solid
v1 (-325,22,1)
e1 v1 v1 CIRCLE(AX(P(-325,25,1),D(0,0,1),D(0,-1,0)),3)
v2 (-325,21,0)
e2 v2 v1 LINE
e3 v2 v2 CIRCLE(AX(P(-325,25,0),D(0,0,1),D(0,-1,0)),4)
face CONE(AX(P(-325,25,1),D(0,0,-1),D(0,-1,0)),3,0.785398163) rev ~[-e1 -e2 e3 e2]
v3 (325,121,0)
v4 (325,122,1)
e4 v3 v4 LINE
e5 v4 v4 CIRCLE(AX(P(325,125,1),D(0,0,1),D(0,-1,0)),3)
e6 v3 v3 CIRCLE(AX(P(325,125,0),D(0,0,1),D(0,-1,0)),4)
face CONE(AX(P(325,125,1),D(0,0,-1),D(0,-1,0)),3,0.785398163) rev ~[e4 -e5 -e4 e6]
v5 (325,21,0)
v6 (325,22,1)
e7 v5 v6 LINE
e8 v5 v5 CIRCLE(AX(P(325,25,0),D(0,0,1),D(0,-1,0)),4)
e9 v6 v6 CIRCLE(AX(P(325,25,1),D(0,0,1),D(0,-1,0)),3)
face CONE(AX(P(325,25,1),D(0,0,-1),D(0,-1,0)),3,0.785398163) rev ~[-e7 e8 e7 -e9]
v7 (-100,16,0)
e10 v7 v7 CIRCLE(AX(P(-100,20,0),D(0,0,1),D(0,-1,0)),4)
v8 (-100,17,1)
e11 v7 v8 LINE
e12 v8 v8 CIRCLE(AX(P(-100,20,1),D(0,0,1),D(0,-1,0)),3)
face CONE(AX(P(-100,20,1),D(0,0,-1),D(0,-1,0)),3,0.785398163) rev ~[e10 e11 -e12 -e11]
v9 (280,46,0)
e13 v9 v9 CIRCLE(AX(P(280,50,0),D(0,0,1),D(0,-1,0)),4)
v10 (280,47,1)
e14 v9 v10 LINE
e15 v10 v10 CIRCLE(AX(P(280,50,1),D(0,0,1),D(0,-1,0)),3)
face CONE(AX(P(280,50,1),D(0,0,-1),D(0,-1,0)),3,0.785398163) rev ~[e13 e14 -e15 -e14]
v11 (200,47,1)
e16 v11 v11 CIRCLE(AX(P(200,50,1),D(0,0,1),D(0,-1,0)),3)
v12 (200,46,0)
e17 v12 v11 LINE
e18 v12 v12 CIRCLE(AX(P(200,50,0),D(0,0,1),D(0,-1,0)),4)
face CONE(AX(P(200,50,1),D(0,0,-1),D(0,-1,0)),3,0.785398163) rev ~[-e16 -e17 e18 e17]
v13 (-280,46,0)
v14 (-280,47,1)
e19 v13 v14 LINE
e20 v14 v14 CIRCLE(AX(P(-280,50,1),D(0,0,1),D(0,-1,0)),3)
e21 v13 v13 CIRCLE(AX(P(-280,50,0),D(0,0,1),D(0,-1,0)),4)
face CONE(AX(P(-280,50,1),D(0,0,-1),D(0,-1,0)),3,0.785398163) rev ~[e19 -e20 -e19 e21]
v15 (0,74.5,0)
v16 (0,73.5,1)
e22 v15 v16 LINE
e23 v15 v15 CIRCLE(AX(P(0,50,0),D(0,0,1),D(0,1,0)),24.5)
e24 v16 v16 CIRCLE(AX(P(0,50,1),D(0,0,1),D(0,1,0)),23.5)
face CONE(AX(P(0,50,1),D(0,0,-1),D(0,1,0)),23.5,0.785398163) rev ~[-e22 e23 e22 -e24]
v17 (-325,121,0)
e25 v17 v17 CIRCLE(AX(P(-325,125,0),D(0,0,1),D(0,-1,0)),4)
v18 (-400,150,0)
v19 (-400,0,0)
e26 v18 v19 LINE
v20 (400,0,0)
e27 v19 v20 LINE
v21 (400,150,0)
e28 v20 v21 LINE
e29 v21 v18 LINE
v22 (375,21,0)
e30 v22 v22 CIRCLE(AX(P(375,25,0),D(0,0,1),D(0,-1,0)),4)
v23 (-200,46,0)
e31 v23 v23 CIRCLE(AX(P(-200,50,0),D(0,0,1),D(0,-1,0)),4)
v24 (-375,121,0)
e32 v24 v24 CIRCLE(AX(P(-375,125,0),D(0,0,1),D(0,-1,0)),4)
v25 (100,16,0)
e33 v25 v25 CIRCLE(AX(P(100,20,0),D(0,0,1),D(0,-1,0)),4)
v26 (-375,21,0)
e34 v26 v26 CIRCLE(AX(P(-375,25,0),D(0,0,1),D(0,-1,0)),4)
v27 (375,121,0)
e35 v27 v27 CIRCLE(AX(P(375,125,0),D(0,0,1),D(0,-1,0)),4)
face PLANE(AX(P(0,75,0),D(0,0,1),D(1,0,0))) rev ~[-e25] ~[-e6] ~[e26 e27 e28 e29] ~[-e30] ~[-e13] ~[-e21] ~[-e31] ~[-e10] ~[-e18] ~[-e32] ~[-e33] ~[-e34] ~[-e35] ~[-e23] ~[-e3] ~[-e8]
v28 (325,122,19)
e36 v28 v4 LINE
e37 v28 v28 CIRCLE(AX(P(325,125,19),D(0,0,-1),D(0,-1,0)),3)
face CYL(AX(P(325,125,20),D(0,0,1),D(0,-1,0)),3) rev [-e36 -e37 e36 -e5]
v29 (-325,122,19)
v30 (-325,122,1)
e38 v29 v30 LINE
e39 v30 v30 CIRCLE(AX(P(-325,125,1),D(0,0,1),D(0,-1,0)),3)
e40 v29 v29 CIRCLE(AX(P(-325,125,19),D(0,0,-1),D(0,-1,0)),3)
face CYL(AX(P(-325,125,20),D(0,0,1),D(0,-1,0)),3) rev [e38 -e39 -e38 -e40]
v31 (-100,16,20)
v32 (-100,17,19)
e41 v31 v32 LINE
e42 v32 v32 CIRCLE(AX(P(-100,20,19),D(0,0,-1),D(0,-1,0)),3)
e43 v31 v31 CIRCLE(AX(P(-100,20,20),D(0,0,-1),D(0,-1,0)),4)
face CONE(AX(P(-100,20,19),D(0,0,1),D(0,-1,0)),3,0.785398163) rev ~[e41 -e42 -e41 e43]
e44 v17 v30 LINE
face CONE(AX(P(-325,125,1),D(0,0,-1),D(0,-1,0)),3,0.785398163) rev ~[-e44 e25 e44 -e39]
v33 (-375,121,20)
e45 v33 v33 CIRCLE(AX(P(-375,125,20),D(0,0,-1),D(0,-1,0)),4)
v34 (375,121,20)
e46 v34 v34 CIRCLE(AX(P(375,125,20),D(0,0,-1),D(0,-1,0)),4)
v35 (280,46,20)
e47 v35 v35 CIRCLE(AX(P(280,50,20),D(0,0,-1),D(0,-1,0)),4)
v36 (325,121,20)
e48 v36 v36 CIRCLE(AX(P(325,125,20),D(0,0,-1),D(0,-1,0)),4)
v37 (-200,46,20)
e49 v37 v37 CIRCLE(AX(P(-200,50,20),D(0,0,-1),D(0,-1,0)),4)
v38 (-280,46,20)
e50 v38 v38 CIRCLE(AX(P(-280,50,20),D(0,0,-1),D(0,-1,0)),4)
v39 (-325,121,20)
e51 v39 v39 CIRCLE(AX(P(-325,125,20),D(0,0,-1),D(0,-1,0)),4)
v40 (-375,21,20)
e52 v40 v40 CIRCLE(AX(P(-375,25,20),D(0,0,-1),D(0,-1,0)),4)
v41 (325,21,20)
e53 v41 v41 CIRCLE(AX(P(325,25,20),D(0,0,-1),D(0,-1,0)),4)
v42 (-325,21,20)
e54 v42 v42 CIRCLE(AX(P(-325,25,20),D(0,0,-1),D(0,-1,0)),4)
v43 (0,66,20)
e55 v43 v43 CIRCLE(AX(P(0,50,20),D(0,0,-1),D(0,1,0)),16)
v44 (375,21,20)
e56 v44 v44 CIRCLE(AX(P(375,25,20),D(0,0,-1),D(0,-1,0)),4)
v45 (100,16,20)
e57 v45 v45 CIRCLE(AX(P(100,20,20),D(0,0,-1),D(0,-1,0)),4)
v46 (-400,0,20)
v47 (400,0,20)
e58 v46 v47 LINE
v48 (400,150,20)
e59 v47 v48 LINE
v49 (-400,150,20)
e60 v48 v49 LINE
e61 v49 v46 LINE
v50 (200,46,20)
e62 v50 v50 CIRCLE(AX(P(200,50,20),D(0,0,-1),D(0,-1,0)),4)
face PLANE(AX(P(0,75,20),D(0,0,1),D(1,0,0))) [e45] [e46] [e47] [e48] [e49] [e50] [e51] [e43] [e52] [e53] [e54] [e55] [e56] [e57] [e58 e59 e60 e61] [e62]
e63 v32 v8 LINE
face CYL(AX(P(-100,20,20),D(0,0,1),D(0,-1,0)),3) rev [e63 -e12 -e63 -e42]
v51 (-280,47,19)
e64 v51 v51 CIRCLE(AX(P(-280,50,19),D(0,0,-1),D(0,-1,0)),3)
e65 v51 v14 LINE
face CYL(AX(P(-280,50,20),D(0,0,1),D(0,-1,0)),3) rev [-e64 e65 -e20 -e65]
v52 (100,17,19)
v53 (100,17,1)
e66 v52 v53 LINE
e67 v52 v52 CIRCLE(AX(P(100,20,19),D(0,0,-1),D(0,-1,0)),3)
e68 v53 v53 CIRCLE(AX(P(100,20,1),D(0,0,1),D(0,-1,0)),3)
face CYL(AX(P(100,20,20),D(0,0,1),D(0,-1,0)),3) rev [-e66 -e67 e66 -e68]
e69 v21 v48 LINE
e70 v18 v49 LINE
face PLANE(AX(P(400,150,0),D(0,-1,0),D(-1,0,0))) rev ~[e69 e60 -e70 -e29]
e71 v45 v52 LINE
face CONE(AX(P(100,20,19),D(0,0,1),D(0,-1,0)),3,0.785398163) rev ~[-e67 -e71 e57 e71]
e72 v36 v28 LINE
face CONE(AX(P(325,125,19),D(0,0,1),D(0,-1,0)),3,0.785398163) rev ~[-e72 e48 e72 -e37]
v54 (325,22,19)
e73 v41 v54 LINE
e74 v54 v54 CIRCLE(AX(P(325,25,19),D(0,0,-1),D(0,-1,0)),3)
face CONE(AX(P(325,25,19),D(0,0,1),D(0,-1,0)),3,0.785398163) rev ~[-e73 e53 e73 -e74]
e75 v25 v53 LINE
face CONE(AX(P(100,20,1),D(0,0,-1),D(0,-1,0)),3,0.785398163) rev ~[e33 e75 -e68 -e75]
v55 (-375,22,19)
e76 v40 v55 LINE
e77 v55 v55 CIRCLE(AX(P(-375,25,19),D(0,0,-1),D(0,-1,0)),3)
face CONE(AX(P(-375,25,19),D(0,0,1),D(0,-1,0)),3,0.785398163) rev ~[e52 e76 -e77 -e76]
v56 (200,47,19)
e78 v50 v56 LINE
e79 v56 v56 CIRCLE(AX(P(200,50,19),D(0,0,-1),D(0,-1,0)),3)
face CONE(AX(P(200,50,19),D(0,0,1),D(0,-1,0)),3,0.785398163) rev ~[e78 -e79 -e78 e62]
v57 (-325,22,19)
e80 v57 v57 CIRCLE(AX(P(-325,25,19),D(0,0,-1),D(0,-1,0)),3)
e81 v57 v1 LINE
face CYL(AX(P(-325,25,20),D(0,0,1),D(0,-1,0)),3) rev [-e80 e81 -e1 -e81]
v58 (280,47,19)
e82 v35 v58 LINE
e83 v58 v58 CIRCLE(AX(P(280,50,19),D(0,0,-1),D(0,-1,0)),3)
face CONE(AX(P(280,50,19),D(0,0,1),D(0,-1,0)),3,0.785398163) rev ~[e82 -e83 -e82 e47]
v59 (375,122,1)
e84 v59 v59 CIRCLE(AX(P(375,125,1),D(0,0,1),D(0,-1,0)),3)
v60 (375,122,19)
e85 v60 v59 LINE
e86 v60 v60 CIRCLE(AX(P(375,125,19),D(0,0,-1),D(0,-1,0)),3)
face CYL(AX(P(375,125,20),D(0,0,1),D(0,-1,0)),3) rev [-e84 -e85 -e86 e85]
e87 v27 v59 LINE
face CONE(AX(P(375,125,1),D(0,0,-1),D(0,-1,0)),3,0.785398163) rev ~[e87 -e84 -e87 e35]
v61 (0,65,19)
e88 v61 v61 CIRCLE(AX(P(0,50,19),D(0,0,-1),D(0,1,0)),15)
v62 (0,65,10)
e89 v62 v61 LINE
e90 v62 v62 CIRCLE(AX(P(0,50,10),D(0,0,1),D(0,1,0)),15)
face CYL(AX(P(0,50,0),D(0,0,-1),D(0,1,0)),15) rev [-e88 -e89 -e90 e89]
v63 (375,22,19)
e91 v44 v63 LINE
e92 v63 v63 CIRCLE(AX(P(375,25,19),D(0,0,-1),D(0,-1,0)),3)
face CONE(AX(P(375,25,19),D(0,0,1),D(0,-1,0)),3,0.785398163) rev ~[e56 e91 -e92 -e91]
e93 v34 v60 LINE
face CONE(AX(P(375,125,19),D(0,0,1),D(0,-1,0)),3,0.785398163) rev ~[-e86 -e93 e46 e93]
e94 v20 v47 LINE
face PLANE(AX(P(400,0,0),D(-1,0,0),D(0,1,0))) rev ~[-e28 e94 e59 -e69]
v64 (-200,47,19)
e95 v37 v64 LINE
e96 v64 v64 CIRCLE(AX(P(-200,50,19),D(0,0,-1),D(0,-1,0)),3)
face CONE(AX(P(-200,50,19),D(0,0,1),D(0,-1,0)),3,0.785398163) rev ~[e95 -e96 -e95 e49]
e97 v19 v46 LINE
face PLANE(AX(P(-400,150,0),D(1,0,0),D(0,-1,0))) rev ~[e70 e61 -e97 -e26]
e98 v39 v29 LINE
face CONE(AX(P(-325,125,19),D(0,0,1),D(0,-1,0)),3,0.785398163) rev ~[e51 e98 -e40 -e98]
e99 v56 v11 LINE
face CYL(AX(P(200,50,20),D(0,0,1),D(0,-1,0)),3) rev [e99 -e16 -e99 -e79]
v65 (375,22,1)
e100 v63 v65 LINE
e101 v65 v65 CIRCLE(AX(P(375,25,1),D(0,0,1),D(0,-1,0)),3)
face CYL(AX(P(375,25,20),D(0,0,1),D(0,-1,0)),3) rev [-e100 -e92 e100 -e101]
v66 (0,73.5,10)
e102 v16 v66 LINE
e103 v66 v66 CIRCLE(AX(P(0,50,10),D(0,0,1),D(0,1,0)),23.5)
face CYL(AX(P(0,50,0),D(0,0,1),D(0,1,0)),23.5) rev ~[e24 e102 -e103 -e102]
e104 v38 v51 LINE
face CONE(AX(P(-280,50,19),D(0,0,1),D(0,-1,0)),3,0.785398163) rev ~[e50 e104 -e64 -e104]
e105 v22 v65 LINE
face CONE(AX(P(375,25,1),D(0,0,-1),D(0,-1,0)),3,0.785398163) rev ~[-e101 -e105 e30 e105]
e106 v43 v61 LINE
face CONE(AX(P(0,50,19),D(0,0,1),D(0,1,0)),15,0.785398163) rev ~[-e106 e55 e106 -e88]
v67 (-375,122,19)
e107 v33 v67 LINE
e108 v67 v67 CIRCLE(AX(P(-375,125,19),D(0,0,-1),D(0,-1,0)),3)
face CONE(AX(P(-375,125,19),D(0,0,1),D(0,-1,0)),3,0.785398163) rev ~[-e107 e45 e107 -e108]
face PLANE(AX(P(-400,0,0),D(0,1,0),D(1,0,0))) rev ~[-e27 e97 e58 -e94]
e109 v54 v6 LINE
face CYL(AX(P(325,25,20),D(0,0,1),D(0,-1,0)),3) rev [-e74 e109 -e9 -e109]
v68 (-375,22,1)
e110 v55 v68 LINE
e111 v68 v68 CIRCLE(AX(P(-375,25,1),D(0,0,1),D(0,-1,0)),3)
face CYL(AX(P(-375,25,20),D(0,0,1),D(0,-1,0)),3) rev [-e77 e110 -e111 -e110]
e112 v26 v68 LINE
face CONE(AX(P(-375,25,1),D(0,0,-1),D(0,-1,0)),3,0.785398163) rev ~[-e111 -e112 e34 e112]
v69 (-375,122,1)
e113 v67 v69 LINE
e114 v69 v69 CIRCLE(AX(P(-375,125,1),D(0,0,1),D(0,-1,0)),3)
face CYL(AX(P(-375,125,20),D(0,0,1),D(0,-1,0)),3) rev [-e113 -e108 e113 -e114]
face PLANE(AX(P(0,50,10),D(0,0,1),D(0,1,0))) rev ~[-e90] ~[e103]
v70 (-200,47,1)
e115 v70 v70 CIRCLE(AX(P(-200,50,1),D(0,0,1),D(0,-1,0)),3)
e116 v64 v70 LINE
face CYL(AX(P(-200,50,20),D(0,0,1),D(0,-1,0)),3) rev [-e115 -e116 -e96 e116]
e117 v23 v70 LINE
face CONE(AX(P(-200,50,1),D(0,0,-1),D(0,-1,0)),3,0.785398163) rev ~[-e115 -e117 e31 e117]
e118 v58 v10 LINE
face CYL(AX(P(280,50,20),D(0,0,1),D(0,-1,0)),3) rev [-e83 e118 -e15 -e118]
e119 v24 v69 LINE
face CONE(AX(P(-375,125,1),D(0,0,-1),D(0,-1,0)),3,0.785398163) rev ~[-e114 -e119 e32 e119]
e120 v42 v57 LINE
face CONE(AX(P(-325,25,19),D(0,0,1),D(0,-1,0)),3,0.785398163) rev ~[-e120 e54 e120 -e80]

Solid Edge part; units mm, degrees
sketch "Sketch1" plane through (0, 0, 0) normal (0, 0, 1) x (1, 0, 0)
  line L0 (400, 150) -> (-400, 150)
  line L1 (-400, 150) -> (-400, 0)
  line L2 (-400, 0) -> (400, 0)
  line L3 (400, 0) -> (400, 150)
extrude "Protrusion1" add sketch "Sketch1" along normal blind 20
hole "Hole1" at (-280, 50, 20) direction (0, 0, -1) diameter 6 end through all start chamfer 1 start chamfer angle 45 end chamfer 1 end chamfer angle 45
hole "Hole2" at (-200, 50, 20) direction (0, 0, -1) diameter 6 end through all start chamfer 1 start chamfer angle 45 end chamfer 1 end chamfer angle 45
hole "Hole3" at (280, 50, 20) direction (0, 0, -1) diameter 6 end through all start chamfer 1 start chamfer angle 45 end chamfer 1 end chamfer angle 45
hole "Hole4" at (200, 50, 20) direction (0, 0, -1) diameter 6 end through all start chamfer 1 start chamfer angle 45 end chamfer 1 end chamfer angle 45
hole "Hole5" at (-375, 125, 20) direction (0, 0, -1) diameter 6 end through all start chamfer 1 start chamfer angle 45 end chamfer 1 end chamfer angle 45
hole "Hole6" at (-325, 125, 20) direction (0, 0, -1) diameter 6 end through all start chamfer 1 start chamfer angle 45 end chamfer 1 end chamfer angle 45
hole "Hole7" at (-325, 25, 20) direction (0, 0, -1) diameter 6 end through all start chamfer 1 start chamfer angle 45 end chamfer 1 end chamfer angle 45
hole "Hole8" at (-375, 25, 20) direction (0, 0, -1) diameter 6 end through all start chamfer 1 start chamfer angle 45 end chamfer 1 end chamfer angle 45
hole "Hole9" at (325, 125, 20) direction (0, 0, -1) diameter 6 end through all start chamfer 1 start chamfer angle 45 end chamfer 1 end chamfer angle 45
hole "Hole10" at (375, 125, 20) direction (0, 0, -1) diameter 6 end through all start chamfer 1 start chamfer angle 45 end chamfer 1 end chamfer angle 45
hole "Hole11" at (375, 25, 20) direction (0, 0, -1) diameter 6 end through all start chamfer 1 start chamfer angle 45 end chamfer 1 end chamfer angle 45
hole "Hole12" at (325, 25, 20) direction (0, 0, -1) diameter 6 end through all start chamfer 1 start chamfer angle 45 end chamfer 1 end chamfer angle 45
hole "Hole13" at (-100, 20, 20) direction (0, 0, -1) diameter 6 end through all start chamfer 1 start chamfer angle 45 end chamfer 1 end chamfer angle 45
hole "Hole14" at (100, 20, 20) direction (0, 0, -1) diameter 6 end through all start chamfer 1 start chamfer angle 45 end chamfer 1 end chamfer angle 45
hole "Stufenbohrung_Radiallager" at (0, 50, 0) direction (0, 0, 1) diameter 30 end through all counterbore diameter 47 counterbore depth 10 start chamfer 1 start chamfer angle 45 end chamfer 1 end chamfer angle 45
